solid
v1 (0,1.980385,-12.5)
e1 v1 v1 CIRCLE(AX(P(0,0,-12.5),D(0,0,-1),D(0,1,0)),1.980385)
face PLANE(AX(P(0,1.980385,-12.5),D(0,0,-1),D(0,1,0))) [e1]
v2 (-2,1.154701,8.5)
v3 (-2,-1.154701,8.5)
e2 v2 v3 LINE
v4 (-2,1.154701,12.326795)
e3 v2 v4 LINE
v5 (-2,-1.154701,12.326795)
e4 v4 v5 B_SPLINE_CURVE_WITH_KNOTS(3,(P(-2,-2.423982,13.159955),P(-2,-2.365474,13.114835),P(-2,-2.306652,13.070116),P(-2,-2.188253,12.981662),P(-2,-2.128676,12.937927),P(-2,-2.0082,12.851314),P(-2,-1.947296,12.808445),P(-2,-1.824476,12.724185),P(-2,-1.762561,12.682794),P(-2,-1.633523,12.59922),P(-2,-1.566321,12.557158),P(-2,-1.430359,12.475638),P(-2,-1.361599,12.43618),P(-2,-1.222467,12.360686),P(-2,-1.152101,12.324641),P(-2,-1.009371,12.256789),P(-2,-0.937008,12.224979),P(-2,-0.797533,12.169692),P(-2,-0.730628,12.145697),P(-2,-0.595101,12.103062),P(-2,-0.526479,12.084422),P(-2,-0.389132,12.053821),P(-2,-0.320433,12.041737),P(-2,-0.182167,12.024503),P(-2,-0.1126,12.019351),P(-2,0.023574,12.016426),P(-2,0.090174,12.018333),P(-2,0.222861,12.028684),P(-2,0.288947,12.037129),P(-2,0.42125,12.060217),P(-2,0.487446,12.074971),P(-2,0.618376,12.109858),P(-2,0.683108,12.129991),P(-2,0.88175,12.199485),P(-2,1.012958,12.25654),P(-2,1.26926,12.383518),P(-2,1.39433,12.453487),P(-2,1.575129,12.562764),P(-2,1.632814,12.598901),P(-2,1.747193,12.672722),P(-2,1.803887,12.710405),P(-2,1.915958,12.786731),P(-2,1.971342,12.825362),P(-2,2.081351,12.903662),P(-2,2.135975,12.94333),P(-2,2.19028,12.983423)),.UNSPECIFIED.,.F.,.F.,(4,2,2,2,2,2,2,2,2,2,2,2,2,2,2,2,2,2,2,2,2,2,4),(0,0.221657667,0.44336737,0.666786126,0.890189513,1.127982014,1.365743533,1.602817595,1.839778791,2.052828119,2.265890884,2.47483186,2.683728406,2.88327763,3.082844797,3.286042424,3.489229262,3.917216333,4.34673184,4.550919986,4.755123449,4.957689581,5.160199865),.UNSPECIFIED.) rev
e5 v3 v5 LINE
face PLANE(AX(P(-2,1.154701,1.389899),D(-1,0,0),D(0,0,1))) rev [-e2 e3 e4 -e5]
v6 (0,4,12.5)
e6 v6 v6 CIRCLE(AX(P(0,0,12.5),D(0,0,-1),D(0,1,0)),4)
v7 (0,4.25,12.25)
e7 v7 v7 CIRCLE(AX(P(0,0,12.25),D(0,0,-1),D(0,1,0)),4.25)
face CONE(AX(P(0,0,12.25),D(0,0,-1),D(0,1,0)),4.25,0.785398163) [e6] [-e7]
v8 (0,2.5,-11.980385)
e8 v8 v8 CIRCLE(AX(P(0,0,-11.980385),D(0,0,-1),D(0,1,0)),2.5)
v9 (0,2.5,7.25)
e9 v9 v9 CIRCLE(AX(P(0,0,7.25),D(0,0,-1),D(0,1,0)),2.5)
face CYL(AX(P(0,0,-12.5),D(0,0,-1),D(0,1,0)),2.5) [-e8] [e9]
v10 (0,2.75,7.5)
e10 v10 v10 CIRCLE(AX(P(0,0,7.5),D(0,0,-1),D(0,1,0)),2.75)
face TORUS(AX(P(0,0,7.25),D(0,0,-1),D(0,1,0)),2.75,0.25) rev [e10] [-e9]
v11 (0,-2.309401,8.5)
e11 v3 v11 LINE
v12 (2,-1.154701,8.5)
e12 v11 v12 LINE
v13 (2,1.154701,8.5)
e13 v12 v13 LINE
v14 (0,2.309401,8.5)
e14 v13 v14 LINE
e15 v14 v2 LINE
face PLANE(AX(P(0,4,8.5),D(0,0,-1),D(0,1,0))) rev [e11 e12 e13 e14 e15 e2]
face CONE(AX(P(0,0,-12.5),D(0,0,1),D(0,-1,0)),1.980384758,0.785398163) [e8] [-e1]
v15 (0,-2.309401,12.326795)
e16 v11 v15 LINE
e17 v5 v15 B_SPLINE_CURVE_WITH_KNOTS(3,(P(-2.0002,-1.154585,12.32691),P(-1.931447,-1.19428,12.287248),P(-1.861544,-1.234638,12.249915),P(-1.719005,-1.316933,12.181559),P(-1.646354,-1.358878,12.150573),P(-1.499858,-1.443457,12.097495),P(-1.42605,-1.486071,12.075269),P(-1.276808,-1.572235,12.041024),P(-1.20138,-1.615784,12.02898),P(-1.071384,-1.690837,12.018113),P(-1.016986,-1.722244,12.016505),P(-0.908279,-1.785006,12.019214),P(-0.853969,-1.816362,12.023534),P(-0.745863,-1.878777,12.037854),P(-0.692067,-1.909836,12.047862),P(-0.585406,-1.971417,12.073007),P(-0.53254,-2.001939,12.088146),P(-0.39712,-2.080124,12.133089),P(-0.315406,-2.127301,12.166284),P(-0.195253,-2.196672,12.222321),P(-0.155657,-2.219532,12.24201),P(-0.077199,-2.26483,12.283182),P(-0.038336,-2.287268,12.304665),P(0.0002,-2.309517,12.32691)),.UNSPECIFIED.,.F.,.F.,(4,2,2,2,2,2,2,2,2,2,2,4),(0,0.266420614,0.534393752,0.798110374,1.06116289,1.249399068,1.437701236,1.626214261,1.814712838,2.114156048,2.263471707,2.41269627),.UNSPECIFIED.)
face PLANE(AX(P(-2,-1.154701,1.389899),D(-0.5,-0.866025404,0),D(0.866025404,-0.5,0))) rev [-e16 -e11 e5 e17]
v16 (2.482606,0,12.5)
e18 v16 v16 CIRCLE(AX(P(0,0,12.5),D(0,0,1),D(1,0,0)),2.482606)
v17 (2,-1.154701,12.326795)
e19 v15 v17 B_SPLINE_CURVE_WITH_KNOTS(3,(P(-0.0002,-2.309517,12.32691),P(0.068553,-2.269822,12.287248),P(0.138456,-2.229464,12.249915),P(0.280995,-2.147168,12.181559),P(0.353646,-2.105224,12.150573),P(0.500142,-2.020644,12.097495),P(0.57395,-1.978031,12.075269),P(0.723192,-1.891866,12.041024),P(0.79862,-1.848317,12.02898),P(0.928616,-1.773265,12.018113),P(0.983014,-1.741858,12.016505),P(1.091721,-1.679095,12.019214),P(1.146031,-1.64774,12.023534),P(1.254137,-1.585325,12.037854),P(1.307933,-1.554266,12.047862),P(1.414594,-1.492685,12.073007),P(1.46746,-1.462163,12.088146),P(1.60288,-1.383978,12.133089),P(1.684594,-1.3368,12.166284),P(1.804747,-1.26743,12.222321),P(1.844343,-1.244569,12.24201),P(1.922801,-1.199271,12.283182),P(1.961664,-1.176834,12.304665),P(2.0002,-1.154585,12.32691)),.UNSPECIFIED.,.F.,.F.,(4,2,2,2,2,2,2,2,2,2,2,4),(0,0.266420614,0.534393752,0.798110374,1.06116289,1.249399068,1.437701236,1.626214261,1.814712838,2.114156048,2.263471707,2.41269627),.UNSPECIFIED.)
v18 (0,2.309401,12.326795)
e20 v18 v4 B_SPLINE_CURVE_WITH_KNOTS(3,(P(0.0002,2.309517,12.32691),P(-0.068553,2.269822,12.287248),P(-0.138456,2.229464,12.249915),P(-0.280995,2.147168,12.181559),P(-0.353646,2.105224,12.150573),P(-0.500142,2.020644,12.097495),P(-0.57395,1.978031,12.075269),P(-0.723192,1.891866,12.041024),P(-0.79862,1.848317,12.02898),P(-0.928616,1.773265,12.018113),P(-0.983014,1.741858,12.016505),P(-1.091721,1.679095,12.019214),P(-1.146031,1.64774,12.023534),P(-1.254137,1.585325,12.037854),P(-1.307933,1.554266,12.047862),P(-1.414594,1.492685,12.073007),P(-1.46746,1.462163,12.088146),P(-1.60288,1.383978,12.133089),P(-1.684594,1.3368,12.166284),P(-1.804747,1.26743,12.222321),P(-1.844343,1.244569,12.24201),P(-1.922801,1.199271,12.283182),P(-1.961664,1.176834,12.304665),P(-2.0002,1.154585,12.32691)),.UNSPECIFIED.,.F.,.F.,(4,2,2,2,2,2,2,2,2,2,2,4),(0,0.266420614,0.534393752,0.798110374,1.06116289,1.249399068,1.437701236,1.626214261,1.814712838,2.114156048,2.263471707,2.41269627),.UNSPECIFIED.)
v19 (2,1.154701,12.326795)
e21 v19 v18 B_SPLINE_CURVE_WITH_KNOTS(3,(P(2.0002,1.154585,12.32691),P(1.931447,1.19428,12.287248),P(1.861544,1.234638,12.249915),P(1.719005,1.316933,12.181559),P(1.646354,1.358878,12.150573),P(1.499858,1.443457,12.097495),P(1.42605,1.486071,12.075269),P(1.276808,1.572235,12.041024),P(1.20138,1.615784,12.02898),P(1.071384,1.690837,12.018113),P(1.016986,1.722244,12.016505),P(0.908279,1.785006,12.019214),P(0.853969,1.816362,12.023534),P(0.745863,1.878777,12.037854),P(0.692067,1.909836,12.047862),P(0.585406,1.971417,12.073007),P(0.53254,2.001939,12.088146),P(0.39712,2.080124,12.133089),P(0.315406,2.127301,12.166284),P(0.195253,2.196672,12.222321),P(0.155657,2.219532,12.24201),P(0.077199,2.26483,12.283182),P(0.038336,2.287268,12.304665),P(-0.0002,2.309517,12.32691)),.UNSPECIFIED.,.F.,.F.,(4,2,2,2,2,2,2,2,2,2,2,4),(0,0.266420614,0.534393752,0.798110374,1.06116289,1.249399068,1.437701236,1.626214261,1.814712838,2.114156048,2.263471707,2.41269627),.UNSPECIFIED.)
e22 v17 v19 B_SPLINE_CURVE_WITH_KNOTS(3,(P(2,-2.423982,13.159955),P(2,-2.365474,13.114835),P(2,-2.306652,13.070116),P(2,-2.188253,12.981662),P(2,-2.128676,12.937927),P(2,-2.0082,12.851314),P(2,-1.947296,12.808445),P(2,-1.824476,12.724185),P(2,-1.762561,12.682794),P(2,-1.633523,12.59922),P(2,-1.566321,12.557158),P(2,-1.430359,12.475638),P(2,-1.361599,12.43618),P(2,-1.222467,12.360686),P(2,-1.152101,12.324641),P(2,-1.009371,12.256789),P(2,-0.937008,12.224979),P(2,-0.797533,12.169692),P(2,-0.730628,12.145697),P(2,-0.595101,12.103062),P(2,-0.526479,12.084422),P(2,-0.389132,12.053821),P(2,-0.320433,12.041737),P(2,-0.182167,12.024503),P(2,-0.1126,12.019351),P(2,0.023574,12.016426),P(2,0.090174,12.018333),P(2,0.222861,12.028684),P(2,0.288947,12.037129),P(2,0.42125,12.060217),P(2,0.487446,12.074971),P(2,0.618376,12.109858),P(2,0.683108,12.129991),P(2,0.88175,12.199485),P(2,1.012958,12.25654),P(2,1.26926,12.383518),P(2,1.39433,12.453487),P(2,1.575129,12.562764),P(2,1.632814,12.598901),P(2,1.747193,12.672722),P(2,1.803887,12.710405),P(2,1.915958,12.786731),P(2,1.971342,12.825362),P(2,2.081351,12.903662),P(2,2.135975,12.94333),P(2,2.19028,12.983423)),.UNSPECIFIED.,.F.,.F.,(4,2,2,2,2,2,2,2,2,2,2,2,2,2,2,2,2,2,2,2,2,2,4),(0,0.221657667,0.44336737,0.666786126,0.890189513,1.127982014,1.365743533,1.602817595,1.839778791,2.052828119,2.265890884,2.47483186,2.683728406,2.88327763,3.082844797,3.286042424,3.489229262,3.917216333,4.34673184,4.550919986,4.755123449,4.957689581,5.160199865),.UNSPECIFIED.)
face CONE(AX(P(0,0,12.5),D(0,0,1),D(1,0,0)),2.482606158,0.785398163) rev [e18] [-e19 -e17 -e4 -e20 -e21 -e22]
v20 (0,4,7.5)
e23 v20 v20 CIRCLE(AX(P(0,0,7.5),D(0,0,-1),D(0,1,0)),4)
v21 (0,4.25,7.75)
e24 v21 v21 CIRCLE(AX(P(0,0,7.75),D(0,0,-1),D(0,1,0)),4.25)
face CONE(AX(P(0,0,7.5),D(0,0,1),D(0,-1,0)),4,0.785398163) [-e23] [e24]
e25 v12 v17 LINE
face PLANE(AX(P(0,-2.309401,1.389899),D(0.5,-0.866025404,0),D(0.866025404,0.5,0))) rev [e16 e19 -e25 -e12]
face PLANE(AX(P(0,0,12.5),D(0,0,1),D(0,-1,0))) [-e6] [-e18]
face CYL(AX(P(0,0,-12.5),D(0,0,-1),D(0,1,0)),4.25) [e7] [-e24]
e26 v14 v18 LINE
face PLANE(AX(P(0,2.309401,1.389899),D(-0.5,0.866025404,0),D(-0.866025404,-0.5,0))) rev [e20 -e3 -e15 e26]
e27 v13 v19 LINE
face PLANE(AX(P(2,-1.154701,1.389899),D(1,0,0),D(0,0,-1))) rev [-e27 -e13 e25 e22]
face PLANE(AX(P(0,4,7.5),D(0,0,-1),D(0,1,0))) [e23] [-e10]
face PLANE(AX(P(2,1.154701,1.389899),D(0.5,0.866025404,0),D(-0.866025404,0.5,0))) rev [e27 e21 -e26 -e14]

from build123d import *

# Parameters (mm, degrees)
CUT_EXTRUDE1_DEPTH = 4


with BuildPart() as part:
    # Sketch2 → Revolve1 (revolve)
    with BuildSketch(Plane(origin=(0, 0, 0), x_dir=(0, 0, -1), z_dir=(1, 0, 0))):
        with BuildLine():
            Line((-12.5, 0), (-12.5, 4))
            Line((-12.5, 4), (-12.25, 4.25))
            Line((-12.25, 4.25), (-7.75, 4.25))
            Line((-7.75, 4.25), (-7.5, 4))
            Line((-7.5, 4), (-7.5, 2.75))
            ThreePointArc((-7.5, 2.75), (-7.426776695, 2.573223305), (-7.25, 2.5))
            Line((-7.25, 2.5), (11.980384758, 2.5))
            Line((11.980384758, 2.5), (12.5, 1.980384758))
            Line((12.5, 1.980384758), (12.5, 0))
            Line((12.5, 0), (-12.5, 0))
        make_face()
    revolve(axis=Axis((0, 0, -12.5), (0, 0, 1)))

    # Sketch3 → Cut-Extrude1 (cut)
    with BuildSketch(Plane.XY.offset(12.5)):
        Polygon((2, -1.154700538), (2, 1.154700538), (0, 2.309401077), (-2, 1.154700538), (-2, -1.154700538), (0, -2.309401077), align=None)
    extrude(amount=-CUT_EXTRUDE1_DEPTH, mode=Mode.SUBTRACT)

    # Cut-Extrude2 cone 1 section (through the dimple's axis) → Cut-Extrude2 (revolve, cut)
    with BuildSketch(Plane(origin=(0, 0, 12.5), x_dir=(0, -1, 0), z_dir=(1, 0, 0))):
        Polygon((0, 0), (2.482606158, 0), (0, 2.482606158), align=None)
    revolve(axis=Axis((0, 0, 12.5), (0, 0, -1)), mode=Mode.SUBTRACT)


solid = part.part
